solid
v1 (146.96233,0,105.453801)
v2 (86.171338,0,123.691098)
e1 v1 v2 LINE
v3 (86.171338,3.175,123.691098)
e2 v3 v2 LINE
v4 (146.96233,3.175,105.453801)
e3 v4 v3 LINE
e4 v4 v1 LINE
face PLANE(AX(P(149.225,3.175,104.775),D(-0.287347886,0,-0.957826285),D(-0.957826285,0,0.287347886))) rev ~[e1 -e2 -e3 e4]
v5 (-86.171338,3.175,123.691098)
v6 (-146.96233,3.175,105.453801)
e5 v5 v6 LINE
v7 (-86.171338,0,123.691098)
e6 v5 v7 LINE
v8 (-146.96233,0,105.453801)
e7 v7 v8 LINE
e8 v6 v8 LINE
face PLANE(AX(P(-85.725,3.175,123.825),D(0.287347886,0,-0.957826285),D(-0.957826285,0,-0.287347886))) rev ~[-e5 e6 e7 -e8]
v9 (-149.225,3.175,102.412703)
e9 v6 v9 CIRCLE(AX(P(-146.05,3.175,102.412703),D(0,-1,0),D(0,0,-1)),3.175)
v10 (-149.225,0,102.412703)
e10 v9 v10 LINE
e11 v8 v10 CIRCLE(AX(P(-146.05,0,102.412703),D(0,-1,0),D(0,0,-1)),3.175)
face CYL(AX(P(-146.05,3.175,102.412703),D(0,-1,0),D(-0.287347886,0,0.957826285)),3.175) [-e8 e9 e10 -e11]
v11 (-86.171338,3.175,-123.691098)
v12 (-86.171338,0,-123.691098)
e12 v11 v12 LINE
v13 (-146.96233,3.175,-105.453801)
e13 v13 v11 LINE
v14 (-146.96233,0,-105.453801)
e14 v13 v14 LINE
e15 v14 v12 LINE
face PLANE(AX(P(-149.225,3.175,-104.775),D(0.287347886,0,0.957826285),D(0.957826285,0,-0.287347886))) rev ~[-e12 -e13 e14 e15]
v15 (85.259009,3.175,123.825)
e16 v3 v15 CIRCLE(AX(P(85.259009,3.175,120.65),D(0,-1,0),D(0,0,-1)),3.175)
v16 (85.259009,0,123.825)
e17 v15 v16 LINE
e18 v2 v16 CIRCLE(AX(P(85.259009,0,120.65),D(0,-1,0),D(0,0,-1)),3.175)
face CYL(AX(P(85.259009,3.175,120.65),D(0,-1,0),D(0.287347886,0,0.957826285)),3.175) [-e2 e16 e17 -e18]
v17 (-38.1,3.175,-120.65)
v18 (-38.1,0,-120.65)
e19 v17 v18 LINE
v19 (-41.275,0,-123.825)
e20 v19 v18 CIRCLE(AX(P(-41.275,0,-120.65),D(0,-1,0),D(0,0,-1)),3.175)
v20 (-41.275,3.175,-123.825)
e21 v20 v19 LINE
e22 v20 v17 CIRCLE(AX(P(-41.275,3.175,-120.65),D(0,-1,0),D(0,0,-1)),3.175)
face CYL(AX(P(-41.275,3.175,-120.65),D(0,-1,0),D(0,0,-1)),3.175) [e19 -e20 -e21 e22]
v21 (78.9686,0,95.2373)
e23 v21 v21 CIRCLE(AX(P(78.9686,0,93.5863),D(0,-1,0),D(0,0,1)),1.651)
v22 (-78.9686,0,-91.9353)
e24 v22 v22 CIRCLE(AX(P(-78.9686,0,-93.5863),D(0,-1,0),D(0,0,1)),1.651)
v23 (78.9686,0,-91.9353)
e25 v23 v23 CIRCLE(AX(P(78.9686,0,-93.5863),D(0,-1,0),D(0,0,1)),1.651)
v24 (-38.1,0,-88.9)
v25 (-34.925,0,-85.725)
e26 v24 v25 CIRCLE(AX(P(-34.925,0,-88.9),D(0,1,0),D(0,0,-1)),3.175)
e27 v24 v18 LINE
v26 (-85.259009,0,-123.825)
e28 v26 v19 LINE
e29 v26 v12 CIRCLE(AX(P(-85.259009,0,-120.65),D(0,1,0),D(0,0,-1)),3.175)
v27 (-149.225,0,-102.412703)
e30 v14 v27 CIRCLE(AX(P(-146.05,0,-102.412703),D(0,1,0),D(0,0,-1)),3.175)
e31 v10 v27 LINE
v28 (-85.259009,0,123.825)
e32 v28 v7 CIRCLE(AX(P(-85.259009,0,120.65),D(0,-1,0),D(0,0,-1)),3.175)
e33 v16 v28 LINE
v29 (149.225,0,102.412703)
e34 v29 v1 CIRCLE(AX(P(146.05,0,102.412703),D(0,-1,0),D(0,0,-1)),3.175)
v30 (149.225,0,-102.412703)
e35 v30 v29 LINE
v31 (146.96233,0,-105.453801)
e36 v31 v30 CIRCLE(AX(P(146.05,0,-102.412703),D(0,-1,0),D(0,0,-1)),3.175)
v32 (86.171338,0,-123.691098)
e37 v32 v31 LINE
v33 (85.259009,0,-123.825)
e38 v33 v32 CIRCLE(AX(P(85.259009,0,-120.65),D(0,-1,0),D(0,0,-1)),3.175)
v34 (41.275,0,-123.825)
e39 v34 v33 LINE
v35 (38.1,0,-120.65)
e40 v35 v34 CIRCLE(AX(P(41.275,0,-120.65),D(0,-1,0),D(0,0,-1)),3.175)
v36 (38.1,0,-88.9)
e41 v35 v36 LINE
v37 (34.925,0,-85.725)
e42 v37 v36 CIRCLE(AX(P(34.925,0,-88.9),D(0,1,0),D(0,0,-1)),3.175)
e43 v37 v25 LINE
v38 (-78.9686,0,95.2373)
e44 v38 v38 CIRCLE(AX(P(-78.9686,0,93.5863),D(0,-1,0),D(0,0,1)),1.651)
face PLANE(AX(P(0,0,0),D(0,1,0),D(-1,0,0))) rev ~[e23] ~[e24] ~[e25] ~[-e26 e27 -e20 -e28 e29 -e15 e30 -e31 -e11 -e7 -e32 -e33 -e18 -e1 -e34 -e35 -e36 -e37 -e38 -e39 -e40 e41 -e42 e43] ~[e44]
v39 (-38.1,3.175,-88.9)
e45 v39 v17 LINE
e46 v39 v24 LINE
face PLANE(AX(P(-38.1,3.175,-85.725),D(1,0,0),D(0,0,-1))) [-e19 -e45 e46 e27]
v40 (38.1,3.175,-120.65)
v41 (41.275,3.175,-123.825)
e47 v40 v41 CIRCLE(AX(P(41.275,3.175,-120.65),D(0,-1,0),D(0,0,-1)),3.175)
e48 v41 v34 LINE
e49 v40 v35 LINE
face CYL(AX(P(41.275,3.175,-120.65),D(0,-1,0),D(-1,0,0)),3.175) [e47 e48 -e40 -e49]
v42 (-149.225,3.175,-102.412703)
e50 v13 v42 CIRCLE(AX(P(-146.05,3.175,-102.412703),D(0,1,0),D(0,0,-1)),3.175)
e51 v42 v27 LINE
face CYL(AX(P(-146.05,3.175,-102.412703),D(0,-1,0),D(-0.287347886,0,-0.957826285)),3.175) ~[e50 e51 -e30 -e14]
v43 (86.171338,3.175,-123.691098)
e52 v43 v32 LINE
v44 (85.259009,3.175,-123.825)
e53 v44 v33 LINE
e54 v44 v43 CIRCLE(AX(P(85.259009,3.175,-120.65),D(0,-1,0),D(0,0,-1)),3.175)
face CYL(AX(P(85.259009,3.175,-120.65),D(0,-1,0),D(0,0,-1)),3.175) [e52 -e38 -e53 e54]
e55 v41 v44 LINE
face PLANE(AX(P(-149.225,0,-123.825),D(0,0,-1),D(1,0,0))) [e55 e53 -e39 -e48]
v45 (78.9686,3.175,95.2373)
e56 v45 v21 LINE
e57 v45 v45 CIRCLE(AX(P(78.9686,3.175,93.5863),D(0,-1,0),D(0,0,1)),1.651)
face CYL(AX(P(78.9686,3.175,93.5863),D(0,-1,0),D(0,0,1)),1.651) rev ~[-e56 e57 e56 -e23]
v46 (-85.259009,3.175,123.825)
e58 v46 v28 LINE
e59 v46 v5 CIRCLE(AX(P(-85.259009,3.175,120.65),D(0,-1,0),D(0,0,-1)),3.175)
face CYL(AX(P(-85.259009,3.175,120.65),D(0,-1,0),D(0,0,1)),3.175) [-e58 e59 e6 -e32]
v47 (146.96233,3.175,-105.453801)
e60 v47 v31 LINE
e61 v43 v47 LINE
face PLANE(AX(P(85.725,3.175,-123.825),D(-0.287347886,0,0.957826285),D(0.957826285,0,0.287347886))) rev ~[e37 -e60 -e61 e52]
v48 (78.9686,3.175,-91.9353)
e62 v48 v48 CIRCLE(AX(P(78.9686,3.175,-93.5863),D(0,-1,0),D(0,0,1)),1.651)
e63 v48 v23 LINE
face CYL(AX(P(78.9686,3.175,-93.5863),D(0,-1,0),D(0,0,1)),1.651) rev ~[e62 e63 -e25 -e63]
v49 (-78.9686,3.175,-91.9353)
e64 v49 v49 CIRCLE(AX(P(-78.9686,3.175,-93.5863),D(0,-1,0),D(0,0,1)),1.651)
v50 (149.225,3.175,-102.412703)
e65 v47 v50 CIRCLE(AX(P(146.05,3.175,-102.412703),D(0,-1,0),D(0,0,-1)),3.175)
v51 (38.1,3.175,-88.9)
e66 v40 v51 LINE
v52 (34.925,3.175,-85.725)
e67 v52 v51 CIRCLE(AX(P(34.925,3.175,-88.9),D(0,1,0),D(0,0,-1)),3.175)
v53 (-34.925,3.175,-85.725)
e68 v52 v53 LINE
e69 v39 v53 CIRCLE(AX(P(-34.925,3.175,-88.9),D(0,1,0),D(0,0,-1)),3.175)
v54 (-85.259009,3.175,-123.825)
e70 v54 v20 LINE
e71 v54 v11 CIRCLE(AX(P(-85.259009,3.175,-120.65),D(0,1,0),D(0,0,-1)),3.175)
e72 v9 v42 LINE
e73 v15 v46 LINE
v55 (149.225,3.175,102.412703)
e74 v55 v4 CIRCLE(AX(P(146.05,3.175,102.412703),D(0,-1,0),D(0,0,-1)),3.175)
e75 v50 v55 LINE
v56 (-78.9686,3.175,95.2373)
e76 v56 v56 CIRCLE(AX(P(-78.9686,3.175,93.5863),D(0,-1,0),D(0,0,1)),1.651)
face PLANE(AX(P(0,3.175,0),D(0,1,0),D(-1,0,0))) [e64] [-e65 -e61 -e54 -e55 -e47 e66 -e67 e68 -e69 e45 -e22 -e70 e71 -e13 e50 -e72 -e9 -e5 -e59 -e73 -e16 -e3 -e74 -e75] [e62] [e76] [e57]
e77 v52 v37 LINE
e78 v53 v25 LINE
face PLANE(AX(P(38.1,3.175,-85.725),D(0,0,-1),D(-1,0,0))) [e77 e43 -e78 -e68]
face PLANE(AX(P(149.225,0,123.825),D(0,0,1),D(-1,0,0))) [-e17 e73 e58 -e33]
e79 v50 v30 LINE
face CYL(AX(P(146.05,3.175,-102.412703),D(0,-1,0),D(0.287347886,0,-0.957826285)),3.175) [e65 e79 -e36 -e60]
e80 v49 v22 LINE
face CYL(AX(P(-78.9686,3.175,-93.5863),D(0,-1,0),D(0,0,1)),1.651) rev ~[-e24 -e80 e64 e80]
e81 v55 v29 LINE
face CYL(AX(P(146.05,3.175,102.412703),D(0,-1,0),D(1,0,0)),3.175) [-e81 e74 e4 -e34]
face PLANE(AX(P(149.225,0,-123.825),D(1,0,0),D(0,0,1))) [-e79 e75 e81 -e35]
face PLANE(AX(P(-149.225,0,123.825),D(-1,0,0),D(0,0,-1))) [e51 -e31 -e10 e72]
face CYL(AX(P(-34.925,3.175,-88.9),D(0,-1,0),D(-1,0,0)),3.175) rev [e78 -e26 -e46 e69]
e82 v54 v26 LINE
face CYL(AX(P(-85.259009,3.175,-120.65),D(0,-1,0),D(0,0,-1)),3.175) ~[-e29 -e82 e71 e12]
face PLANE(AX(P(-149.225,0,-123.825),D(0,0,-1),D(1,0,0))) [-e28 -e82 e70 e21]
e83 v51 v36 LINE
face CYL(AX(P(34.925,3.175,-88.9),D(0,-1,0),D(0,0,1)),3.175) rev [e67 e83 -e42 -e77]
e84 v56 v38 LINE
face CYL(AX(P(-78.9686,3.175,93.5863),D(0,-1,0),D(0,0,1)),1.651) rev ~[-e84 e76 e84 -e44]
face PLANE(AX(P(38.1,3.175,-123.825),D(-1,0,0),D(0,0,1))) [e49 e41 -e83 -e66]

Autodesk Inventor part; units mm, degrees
ref_plane "YZ Plane" through (0, 0, 0) normal (1, 0, 0) x (0, 1, 0)
ref_plane "XZ Plane" through (0, 0, 0) normal (0, 1, 0) x (-1, 0, 0)
ref_plane "XY Plane" through (0, 0, 0) normal (0, 0, 1) x (1, 0, 0)
sketch "Sketch1" plane through (0, 0, 0) normal (0, 1, 0) x (-1, 0, 0)
  line L0 (149.225, -123.825) -> (-149.225, -123.825)
  line L1 (-149.225, -123.825) -> (-149.225, 123.825)
  line L2 (-149.225, 123.825) -> (149.225, 123.825)
  line L3 (149.225, 123.825) -> (149.225, -123.825)
  line L4 (149.225, -123.825) -> (-149.225, 123.825) construction
  line L5 (-149.225, -123.825) -> (149.225, 123.825) construction
  point P0 (0, 0)
  dimension "d0" = 298.45
  dimension "d1" = 247.65
extrude "Extrusion1" add sketch "Sketch1" along normal blind 3.175
sketch "Sketch2" plane through (0, 3.175, 0) normal (0, 1, 0) x (1, 0, 0)
  line L0 (149.225, 123.825) -> (-149.225, 123.825) projected
  line L1 (-149.225, 123.825) -> (-149.225, -123.825) projected
  line L2 (-149.225, -123.825) -> (149.225, -123.825) projected
  line L3 (149.225, -123.825) -> (149.225, 123.825) projected
  line L4 (-149.225, 104.775) -> (-85.725, 123.825)
  line L5 (85.725, 123.825) -> (149.225, 104.775)
  line L6 (149.225, -104.775) -> (85.725, -123.825)
  line L7 (-85.725, -123.825) -> (-149.225, -104.775)
  point P0 (0, 0)
  dimension "d4" = 19.05
  dimension "d5" = 19.05
  dimension "d6" = 19.05
  dimension "d7" = 19.05
  dimension "d8" = 63.5
  dimension "d9" = 63.5
  dimension "d10" = 63.5
extrude "Extrusion2" cut sketch "Sketch2" against normal blind 3.175 contours L3 L5 L0 | L4 L1 L0 | L3 L2 L6 | L7 L2 L1
sketch "Sketch3" plane through (0, 3.175, 0) normal (0, 1, 0) x (1, 0, 0)
  line L0 (85.725, 123.825) -> (-85.725, 123.825) projected
  line L1 (-38.1, 123.825) -> (38.1, 123.825)
  line L2 (38.1, 123.825) -> (38.1, 85.725)
  line L3 (38.1, 85.725) -> (-38.1, 85.725)
  line L4 (-38.1, 85.725) -> (-38.1, 123.825)
  point P0 (0, 0)
  point P1 (0, 85.725)
  dimension "d13" = 38.1
  dimension "d14" = 76.2
extrude "Extrusion3" cut sketch "Sketch3" against normal blind 3.175
fillet "Fillet1" radius 3.175 12 edges at (38.1, 1.5875, -85.725) (-38.1, 1.5875, -85.725) (38.1, 1.5875, -123.825) (-38.1, 1.5875, -123.825) (85.725, 1.5875, -123.825) (-85.725, 1.5875, -123.825) (-149.225, 1.5875, -104.775) (149.225, 1.5875, -104.775) (-149.225, 1.5875, 104.775) (-85.725, 1.5875, 123.825) (85.725, 1.5875, 123.825) (149.225, 1.5875, 104.775)
sketch "Sketch4" plane through (0, 3.175, 0) normal (0, 1, 0) x (1, 0, 0)
  point P0 (0, 0)
  point P1 (-78.9686, 93.5863)
  point P2 (-78.9686, -93.5863)
  point P3 (78.9686, -93.5863)
  point P4 (78.9686, 93.5863)
  dimension "d18" = 93.5863
  dimension "d19" = 93.5863
  dimension "d20" = 78.9686
  dimension "d21" = 78.9686
hole "Hole1" at (-78.9686, 3.175, -93.5863) at (-78.9686, 3.175, 93.5863) at (78.9686, 3.175, 93.5863) at (78.9686, 3.175, -93.5863) direction (0, -1, 0) diameter 3.302 end through all
equation "\"d18\" = d19"
properties part number "SwarmieCoverPlate"
